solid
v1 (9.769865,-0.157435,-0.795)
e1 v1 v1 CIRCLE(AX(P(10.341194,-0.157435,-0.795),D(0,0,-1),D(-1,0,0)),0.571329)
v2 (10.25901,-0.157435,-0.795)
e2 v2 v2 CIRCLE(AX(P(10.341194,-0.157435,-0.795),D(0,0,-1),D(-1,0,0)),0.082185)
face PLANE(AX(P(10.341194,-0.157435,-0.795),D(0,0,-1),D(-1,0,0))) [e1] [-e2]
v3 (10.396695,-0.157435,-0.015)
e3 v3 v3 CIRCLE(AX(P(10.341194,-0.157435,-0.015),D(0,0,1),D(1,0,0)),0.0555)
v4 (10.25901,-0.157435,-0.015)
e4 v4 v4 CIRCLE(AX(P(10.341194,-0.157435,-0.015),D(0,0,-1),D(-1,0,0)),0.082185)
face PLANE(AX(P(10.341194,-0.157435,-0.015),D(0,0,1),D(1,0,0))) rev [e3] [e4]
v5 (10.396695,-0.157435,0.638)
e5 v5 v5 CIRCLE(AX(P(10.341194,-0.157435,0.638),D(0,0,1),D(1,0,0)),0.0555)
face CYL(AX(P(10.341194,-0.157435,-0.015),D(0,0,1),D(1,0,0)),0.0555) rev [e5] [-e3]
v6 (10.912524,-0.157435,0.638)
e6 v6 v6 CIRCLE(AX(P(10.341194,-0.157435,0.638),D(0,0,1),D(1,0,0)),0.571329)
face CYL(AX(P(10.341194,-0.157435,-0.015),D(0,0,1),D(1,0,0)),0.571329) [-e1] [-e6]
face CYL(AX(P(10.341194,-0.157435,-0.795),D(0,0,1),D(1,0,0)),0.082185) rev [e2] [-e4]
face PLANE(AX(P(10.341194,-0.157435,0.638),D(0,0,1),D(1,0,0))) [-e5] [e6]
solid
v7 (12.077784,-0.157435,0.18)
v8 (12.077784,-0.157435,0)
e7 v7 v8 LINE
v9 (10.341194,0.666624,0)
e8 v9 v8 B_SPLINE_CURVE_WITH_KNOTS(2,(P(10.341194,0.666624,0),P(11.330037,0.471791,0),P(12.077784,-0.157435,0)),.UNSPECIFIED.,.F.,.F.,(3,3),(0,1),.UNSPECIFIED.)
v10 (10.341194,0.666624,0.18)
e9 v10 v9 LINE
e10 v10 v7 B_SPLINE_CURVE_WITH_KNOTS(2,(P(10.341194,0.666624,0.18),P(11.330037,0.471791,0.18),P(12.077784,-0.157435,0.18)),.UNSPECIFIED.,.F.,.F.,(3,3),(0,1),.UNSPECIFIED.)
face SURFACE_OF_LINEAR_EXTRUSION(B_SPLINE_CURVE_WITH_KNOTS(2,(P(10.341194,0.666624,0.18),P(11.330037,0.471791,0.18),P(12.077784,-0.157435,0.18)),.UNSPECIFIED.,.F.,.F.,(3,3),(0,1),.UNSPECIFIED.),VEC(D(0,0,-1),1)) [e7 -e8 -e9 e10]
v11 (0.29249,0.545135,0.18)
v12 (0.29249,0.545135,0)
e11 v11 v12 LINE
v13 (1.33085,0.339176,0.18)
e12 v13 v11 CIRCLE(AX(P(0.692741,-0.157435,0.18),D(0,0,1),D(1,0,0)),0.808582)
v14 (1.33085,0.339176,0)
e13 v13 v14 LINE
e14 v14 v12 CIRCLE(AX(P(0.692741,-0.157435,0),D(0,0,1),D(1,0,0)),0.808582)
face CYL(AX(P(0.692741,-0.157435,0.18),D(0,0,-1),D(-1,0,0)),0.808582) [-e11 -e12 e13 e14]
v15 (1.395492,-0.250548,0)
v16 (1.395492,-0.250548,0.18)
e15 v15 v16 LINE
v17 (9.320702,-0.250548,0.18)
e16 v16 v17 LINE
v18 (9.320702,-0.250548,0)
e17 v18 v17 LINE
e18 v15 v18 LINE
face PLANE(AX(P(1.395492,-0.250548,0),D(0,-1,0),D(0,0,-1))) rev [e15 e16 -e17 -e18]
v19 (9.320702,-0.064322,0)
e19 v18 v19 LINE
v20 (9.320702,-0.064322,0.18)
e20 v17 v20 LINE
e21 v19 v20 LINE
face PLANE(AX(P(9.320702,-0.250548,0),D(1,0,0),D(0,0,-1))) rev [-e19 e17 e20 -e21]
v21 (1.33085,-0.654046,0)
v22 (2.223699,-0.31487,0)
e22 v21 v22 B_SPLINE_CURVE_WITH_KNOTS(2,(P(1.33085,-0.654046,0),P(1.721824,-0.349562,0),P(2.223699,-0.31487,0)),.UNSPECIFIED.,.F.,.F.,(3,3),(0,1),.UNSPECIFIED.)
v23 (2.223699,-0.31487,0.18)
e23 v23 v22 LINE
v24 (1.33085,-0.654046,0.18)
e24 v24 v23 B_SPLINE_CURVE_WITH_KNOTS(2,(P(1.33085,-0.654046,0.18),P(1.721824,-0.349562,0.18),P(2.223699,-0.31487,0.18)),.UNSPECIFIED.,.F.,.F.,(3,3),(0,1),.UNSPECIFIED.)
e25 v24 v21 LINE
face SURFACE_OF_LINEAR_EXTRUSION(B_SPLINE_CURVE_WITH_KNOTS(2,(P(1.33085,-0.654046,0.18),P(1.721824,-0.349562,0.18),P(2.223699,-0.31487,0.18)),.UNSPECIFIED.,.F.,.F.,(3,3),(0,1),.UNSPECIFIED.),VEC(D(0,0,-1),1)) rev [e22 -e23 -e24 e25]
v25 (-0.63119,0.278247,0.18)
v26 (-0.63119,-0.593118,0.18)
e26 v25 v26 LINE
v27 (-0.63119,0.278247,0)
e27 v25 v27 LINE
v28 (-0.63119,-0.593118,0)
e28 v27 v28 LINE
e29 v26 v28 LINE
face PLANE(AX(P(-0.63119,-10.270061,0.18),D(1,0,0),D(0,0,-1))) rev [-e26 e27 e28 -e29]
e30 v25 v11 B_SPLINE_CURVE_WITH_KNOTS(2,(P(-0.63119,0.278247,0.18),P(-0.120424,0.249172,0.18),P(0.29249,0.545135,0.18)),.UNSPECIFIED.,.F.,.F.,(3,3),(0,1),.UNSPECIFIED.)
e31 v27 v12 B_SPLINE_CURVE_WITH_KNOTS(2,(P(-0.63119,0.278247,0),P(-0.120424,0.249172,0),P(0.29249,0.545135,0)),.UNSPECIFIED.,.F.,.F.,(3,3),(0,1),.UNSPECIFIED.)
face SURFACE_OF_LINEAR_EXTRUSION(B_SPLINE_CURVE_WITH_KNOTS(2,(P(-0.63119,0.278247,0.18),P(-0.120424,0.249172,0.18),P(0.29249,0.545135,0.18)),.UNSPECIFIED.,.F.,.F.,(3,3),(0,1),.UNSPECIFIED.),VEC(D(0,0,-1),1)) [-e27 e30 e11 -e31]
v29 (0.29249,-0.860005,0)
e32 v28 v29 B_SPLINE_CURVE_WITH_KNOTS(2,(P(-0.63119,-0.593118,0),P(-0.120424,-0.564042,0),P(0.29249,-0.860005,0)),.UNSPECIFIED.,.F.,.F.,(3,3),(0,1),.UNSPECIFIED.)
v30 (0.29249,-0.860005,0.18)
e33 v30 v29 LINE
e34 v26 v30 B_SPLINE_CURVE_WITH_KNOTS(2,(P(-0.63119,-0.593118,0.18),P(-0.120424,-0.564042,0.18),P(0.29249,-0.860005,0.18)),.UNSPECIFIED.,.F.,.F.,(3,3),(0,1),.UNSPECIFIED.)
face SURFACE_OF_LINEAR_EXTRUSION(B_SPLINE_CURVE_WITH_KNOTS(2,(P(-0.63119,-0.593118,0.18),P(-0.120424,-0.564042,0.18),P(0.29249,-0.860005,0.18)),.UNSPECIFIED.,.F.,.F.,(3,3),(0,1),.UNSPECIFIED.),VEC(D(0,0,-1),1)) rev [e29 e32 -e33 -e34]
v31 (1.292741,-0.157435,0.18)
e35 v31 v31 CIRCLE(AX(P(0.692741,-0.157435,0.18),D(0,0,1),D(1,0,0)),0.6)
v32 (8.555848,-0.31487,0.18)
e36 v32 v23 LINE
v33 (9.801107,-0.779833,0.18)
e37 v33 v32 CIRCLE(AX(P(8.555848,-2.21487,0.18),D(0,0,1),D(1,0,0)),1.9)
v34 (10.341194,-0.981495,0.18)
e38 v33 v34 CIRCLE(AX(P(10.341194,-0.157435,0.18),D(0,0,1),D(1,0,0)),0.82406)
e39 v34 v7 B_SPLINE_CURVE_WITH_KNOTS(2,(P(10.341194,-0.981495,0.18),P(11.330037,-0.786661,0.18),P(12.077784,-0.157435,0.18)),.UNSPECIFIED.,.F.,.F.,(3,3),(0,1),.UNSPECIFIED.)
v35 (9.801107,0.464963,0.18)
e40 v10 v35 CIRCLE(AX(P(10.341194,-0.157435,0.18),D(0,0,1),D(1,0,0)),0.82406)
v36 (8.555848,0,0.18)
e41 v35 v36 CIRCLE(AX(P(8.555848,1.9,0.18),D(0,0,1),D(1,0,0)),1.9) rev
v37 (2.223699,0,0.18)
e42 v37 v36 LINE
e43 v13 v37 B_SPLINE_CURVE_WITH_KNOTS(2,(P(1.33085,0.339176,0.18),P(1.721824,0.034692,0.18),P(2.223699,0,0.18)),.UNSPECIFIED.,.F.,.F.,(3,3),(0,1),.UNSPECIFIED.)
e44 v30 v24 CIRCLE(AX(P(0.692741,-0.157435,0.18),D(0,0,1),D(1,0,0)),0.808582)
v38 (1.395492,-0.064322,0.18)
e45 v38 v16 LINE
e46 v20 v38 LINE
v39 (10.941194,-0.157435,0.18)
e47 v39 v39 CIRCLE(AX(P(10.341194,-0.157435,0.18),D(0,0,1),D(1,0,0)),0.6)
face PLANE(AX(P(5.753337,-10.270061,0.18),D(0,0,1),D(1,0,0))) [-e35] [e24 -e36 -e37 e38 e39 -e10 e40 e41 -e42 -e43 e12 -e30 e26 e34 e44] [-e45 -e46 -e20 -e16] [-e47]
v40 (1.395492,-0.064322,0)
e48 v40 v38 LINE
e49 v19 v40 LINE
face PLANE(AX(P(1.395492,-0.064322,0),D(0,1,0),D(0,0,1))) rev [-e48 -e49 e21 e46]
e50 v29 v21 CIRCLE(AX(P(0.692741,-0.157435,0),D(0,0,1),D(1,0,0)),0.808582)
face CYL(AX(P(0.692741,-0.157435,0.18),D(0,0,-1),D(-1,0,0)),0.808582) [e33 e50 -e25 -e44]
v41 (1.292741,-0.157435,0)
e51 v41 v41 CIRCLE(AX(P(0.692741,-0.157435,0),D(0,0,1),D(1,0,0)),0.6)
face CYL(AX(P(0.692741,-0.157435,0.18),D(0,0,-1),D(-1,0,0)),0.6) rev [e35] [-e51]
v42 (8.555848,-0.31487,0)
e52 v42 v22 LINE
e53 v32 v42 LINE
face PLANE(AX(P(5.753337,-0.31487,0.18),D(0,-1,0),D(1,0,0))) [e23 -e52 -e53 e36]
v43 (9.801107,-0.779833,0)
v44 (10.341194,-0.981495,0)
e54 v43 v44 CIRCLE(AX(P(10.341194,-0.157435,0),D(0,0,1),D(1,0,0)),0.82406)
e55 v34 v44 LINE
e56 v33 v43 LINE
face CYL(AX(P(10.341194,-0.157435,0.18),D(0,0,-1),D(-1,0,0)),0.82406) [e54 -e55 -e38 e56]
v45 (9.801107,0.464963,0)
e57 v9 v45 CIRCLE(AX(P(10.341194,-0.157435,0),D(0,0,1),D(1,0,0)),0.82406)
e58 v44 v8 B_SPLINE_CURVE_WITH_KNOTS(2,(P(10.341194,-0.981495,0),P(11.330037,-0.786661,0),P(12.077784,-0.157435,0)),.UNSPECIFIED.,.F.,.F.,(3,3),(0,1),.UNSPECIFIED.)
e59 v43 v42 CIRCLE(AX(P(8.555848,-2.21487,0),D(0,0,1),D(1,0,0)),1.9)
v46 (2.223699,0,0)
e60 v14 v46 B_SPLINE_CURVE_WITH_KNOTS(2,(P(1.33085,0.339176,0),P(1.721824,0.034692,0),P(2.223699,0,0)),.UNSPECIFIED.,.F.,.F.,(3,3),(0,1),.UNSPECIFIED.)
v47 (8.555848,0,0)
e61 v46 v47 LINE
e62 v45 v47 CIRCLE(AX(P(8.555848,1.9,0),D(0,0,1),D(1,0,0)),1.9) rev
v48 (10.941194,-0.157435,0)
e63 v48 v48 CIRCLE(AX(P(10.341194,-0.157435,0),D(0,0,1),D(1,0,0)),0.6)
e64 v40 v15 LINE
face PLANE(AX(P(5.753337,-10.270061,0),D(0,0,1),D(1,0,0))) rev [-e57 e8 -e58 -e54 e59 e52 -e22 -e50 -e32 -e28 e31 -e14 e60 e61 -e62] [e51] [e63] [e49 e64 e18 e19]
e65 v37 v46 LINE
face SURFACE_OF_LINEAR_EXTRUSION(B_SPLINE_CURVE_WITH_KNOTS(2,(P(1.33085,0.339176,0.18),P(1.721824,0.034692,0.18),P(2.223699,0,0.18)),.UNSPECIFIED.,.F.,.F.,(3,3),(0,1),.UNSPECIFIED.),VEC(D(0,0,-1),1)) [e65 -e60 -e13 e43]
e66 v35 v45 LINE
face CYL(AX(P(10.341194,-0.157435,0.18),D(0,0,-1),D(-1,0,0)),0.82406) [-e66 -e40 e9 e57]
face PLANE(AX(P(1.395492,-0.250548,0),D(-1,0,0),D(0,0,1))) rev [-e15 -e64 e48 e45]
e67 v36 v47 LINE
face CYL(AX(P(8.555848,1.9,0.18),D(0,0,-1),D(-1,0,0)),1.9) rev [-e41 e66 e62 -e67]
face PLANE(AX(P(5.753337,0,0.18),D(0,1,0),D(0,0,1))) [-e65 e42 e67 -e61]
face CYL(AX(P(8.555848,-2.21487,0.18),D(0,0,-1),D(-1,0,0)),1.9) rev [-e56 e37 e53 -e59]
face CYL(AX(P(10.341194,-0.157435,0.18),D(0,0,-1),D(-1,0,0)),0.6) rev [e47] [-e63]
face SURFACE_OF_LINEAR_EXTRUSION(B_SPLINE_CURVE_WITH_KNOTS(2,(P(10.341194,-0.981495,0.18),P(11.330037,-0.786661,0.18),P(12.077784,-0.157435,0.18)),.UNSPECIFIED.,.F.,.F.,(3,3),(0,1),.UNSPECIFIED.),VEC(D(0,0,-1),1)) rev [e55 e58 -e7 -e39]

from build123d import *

# Parameters (mm, degrees)
ESQUISSE1_R             = 0.6
BOSS_EXTRU_1_DEPTH      = 0.18
ESQUISSE2_W             = 7.925210263
ESQUISSE2_H             = 0.186225418
ENL_V_MAT_EXTRU_1_DEPTH = 0.18
BOSS_EXTRU_2_DEPTH      = 0.458
BOSS_EXTRU_2_DEPTH_BACK = 0.195
ESQUISSE3_R             = 0.571329139
ESQUISSE3_R_2           = 0.055500224
ESQUISSE4_R             = 0.571329139
ESQUISSE4_R_2           = 0.082184666
BOSS_EXTRU_3_DEPTH      = 0.78


with BuildPart() as part:
    # Esquisse1 → Boss.-Extru.1 (new body)
    with BuildSketch(Plane.XY):
        with BuildLine():
            Line((2.223699387, 0), (8.555848237, 0))
            ThreePointArc((8.555848237, 0), (9.220464403, 0.120032205), (9.801106522, 0.464962786))
            ThreePointArc((9.801106522, 0.464962786), (10.052940049, 0.61456455), (10.341194426, 0.666624385))
            add(Edge.make_bspline(
                [(10.341194426, 0.666624385), (11.330037109, 0.471790516), (12.077784431, -0.157435194)],
                knots=[0, 0, 0, 1, 1, 1], degree=2))
            add(Edge.make_bspline(
                [(10.341194426, -0.981494774), (11.330037109, -0.786660904), (12.077784431, -0.157435194)],
                knots=[0, 0, 0, 1, 1, 1], degree=2))
            ThreePointArc((10.341194426, -0.981494774), (10.052940049, -0.929434938), (9.801106522, -0.779833175))
            ThreePointArc((9.801106522, -0.779833175), (9.220464403, -0.434902593), (8.555848237, -0.314870389))
            Line((8.555848237, -0.314870389), (2.223699387, -0.314870389))
            add(Edge.make_bspline(
                [(1.330849564, -0.654046001), (1.721823908, -0.349562315), (2.223699387, -0.314870389)],
                knots=[0, 0, 0, 1, 1, 1], degree=2))
            ThreePointArc((1.330849564, -0.654046001), (0.85005841, -0.950565912), (0.292489664, -0.860004965))
            add(Edge.make_bspline(
                [(-0.631189968, -0.593117735), (-0.120424132, -0.564042379), (0.292489664, -0.860004965)],
                knots=[0, 0, 0, 1, 1, 1], degree=2))
            Line((-0.631189968, -0.593117735), (-0.631189968, 0.278247347))
            add(Edge.make_bspline(
                [(-0.631189968, 0.278247347), (-0.120424132, 0.24917199), (0.292489664, 0.545134577)],
                knots=[0, 0, 0, 1, 1, 1], degree=2))
            ThreePointArc((0.292489664, 0.545134577), (0.85005841, 0.635695523), (1.330849564, 0.339175613))
            add(Edge.make_bspline(
                [(1.330849564, 0.339175613), (1.721823908, 0.034691927), (2.223699387, 0)],
                knots=[0, 0, 0, 1, 1, 1], degree=2))
        make_face()
        with Locations((10.341194426, -0.157435194)):
            Circle(ESQUISSE1_R, mode=Mode.SUBTRACT)
        with Locations((0.69274072, -0.157435194)):
            Circle(ESQUISSE1_R, mode=Mode.SUBTRACT)
    extrude(amount=BOSS_EXTRU_1_DEPTH)

    # Esquisse2 → Enlèv. mat.-Extru.1 (cut)
    with BuildSketch(Plane.XY.offset(0.18)):
        with Locations((5.358097221, -0.157435194)):
            Rectangle(ESQUISSE2_W, ESQUISSE2_H)
    extrude(amount=-ENL_V_MAT_EXTRU_1_DEPTH, mode=Mode.SUBTRACT)


with BuildPart() as body_2:
    # Esquisse3 → Boss.-Extru.2 (new, two sides: drawn at the far end of the back side and taken through both)
    with BuildSketch(Plane.XY.offset(0.18).offset(-BOSS_EXTRU_2_DEPTH_BACK)):
        with Locations((10.341194426, -0.157435194)):
            Circle(ESQUISSE3_R)
        with Locations((10.341194426, -0.157435194)):
            Circle(ESQUISSE3_R_2, mode=Mode.SUBTRACT)
    extrude(amount=BOSS_EXTRU_2_DEPTH + BOSS_EXTRU_2_DEPTH_BACK)

    # Esquisse4 → Boss.-Extru.3 (add)
    with BuildSketch(Plane(origin=(0, 0, -0.015), x_dir=(-1, 0, 0), z_dir=(0, 0, -1))):
        with Locations(Location((-10.341194426, -0.157435194, 0), (0, 0, 180))):
            Circle(ESQUISSE4_R)
        with Locations((-10.341194426, -0.157435194)):
            Circle(ESQUISSE4_R_2, mode=Mode.SUBTRACT)
    extrude(amount=BOSS_EXTRU_3_DEPTH)


solid = Compound([part.part, body_2.part])
